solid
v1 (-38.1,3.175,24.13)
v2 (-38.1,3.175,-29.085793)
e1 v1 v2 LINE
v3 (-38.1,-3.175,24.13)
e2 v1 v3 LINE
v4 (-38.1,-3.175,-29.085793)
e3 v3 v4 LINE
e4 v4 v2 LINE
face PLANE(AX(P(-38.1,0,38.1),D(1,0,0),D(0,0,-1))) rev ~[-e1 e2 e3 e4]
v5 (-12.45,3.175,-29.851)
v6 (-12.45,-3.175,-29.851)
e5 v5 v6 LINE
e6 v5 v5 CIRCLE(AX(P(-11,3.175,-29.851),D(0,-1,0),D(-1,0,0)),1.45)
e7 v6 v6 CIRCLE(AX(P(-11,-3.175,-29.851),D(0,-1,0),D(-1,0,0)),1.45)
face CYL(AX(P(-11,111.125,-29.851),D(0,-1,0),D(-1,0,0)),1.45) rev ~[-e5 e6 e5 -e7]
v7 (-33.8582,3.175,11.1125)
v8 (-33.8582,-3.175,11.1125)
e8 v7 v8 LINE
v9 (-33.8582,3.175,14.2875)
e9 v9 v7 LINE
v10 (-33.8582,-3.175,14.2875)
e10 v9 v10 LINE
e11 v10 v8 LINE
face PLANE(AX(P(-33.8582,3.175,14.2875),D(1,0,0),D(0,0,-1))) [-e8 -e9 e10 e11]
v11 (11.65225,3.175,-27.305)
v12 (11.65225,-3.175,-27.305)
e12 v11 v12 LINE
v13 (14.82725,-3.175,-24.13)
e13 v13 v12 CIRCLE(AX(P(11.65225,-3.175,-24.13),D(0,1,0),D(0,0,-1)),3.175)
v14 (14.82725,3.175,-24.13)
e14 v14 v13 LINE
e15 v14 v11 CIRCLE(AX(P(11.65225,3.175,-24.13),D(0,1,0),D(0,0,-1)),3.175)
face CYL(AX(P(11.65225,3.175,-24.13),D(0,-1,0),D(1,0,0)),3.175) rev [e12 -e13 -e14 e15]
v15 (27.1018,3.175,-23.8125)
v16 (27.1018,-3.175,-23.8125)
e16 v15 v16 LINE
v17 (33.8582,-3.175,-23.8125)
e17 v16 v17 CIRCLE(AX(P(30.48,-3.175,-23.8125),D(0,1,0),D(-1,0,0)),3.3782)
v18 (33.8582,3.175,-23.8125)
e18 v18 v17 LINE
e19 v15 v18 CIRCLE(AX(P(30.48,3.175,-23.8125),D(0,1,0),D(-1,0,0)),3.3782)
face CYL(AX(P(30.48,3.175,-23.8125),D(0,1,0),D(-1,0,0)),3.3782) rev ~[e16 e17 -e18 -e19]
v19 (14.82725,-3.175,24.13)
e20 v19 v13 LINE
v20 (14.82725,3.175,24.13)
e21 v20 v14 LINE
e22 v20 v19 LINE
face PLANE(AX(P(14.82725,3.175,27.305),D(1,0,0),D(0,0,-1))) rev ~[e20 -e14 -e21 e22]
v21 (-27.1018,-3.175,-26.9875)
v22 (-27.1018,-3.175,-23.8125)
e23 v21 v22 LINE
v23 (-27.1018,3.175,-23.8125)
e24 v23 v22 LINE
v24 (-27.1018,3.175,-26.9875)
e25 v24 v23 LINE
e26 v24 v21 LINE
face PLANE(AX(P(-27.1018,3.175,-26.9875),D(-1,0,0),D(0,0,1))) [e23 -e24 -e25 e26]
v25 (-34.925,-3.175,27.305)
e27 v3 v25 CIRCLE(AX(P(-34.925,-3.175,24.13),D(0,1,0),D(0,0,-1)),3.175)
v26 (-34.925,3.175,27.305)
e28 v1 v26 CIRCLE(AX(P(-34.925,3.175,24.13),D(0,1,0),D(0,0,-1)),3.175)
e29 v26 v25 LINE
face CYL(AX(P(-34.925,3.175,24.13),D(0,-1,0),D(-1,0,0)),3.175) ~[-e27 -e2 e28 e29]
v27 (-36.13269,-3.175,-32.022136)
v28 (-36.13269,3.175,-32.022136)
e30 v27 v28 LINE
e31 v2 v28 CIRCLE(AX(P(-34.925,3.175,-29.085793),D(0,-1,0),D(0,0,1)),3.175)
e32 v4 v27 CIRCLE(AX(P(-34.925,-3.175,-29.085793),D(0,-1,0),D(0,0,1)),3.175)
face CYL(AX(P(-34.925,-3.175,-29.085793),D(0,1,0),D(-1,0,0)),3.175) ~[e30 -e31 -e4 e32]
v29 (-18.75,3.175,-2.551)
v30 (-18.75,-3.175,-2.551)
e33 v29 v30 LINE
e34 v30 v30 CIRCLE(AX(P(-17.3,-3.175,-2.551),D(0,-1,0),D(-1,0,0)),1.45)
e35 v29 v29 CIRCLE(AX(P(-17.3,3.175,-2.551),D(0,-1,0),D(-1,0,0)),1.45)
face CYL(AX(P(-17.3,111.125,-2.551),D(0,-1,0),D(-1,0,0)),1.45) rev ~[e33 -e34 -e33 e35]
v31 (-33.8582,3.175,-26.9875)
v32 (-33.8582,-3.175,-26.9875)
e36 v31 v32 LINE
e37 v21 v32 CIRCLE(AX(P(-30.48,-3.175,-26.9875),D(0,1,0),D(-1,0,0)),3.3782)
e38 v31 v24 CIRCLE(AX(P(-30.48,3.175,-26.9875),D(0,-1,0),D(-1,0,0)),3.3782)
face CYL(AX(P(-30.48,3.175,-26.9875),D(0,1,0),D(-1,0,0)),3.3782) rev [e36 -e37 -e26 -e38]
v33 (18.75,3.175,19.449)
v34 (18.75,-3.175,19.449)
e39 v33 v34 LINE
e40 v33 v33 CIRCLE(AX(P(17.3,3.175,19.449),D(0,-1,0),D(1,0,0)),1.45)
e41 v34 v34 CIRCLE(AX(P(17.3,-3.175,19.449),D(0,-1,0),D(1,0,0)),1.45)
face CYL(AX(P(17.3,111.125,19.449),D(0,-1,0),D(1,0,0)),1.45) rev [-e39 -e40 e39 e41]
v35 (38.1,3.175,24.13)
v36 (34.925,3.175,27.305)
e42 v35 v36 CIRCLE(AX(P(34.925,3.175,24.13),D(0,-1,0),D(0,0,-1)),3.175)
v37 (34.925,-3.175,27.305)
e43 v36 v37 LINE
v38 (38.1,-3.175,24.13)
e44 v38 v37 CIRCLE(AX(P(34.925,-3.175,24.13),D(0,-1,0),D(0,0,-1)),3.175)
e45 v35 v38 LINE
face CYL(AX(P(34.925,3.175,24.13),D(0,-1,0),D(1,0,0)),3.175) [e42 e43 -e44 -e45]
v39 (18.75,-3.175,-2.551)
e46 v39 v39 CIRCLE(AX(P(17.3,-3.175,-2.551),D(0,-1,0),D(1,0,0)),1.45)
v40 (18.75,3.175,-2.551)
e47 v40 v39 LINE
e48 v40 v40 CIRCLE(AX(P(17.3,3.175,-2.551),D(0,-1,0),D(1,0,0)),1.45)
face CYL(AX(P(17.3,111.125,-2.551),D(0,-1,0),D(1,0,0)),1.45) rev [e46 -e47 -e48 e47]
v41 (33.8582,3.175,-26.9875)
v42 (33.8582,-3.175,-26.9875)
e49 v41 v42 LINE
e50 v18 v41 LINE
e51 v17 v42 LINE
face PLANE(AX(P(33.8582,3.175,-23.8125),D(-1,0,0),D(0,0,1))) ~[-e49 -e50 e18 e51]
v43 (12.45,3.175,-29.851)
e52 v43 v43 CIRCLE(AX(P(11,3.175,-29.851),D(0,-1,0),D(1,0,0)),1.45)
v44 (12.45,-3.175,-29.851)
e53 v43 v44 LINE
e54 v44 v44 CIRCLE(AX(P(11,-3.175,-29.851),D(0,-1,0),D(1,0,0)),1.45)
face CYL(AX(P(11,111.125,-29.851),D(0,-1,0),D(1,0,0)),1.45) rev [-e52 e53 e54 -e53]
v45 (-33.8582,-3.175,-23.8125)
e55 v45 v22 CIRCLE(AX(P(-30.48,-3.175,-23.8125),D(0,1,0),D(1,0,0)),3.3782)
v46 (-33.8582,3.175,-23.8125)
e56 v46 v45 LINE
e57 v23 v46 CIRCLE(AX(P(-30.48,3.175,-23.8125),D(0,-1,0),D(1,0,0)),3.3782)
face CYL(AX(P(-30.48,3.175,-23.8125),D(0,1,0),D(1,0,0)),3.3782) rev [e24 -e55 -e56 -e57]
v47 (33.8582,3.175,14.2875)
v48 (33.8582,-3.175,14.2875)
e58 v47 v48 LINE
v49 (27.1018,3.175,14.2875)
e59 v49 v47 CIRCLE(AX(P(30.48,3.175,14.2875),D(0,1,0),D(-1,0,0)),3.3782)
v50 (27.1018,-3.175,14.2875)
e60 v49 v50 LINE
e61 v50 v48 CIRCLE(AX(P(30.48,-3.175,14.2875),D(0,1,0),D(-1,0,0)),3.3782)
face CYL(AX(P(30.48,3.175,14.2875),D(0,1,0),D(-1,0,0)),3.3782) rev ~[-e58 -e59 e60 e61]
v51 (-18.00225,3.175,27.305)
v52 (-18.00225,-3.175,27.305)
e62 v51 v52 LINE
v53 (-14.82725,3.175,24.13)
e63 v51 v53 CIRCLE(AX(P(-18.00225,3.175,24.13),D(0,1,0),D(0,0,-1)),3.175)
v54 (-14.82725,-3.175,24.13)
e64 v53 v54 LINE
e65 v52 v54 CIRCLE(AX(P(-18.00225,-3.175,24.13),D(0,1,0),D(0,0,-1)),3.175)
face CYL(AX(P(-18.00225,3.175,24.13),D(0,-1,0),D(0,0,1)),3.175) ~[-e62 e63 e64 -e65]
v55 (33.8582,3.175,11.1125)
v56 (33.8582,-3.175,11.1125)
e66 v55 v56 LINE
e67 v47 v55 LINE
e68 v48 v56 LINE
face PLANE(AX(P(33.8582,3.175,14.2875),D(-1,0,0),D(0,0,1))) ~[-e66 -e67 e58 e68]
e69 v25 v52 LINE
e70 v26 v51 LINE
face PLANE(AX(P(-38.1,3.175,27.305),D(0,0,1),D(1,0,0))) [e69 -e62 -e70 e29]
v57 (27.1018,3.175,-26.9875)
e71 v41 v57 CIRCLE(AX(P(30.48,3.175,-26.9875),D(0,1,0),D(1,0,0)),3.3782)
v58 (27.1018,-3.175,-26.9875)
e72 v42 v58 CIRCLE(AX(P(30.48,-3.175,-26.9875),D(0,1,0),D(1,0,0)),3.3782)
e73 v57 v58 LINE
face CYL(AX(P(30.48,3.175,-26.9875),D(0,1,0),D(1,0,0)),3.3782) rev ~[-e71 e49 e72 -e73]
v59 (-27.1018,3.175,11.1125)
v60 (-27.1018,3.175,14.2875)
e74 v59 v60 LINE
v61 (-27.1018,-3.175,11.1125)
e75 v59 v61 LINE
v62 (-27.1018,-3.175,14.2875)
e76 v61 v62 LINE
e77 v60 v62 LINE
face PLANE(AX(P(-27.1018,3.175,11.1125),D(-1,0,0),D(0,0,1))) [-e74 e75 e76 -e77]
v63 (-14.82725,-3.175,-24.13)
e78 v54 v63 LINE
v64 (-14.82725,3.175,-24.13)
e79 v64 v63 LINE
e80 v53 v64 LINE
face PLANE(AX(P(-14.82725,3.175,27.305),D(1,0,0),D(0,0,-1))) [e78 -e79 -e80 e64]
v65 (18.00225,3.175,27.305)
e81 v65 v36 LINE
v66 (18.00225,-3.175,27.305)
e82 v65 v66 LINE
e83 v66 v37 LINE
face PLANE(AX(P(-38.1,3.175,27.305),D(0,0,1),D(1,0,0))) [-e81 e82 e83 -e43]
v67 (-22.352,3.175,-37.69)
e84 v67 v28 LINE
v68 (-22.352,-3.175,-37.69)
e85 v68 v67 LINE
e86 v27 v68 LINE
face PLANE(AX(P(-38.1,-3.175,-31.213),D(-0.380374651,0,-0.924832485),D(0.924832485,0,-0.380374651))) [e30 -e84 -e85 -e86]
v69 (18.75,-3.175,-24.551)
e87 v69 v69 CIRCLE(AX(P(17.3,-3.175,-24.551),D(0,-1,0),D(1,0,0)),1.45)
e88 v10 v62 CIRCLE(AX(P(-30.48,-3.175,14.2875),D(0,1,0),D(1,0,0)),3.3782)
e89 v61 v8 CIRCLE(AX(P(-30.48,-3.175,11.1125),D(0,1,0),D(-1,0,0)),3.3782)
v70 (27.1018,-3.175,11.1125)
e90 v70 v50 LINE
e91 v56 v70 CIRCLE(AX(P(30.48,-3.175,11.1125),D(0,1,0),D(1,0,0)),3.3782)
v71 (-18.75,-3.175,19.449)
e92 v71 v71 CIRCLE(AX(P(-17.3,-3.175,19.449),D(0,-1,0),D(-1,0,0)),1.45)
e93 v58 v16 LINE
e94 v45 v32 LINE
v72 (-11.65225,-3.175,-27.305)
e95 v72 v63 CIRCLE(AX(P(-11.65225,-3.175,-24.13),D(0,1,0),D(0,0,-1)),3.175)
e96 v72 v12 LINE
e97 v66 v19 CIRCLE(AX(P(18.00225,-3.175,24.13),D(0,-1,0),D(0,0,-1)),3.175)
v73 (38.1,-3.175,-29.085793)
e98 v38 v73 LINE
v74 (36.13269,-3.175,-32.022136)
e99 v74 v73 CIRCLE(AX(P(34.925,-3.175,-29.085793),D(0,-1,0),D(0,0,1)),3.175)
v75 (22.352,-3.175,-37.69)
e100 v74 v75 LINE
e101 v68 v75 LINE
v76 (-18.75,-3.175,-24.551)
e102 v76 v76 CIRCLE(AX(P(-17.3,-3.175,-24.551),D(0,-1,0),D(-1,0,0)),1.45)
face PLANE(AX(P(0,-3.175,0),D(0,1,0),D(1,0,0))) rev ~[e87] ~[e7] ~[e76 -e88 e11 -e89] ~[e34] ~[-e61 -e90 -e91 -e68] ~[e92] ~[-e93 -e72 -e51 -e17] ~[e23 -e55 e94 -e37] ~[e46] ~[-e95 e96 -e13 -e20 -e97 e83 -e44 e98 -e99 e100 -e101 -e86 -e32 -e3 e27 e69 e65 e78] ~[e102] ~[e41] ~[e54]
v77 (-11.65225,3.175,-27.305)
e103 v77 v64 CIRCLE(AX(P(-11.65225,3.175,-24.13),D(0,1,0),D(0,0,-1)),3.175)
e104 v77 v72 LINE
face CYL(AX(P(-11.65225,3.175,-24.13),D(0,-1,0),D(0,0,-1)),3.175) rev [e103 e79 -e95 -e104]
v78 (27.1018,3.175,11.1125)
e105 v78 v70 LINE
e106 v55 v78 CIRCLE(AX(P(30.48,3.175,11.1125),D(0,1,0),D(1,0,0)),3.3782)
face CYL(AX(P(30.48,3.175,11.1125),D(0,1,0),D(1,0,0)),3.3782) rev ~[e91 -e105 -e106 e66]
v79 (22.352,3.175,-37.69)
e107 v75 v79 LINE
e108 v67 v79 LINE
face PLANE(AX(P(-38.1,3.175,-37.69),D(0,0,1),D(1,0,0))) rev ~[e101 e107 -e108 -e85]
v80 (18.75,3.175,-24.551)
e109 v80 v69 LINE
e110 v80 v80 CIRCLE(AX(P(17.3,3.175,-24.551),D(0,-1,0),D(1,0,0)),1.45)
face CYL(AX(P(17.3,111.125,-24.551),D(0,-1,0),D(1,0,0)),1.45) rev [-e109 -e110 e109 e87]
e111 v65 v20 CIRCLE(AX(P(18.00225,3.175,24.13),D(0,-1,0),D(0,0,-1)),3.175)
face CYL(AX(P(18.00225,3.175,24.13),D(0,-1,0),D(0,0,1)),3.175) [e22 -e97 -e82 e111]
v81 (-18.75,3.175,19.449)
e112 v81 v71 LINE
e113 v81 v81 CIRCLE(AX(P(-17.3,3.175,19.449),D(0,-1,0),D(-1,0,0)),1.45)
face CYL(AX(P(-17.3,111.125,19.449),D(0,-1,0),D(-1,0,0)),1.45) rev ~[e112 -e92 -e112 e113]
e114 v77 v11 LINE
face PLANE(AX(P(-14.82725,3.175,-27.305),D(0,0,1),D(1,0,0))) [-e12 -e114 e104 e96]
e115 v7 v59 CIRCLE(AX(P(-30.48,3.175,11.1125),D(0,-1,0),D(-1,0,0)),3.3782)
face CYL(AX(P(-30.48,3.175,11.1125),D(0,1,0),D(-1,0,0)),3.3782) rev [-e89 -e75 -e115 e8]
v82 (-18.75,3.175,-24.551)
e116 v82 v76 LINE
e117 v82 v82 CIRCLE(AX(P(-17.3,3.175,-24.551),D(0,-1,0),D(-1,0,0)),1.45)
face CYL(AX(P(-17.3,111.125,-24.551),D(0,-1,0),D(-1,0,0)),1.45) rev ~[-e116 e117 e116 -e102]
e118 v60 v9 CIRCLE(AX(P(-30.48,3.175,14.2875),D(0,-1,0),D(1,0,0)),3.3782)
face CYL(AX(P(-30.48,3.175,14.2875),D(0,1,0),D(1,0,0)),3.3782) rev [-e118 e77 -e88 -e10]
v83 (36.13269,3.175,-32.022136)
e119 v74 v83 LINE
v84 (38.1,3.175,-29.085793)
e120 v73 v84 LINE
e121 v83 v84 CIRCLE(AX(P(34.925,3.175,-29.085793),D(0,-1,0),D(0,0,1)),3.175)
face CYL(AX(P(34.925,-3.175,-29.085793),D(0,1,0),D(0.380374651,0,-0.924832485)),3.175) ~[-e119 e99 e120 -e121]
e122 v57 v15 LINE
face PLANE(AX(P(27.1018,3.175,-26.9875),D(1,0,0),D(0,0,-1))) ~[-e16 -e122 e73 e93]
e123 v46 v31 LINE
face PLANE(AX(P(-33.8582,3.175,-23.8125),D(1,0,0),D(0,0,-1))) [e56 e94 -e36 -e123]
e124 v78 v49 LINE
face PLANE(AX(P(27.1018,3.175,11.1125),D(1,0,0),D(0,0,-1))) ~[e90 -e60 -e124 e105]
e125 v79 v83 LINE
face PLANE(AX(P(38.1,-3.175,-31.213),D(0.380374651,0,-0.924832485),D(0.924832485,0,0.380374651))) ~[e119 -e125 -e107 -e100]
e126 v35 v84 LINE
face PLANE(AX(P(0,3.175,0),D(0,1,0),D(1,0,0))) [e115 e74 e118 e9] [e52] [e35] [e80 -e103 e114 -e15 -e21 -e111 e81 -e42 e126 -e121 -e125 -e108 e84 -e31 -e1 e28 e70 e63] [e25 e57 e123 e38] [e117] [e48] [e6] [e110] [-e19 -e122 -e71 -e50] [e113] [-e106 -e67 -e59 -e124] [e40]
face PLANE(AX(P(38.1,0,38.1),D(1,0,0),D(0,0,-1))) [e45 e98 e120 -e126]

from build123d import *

# Parameters (mm, degrees)
SKETCH1_W              = 76.2
SKETCH1_H              = 76.2
BOSS_EXTRUDE1_DEPTH    = 3.175
SKETCH2_W              = 29.6545
SKETCH2_H              = 54.61
CUT_EXTRUDE1_DEPTH     = 55.254423783
M2_5_CLEARANCE_HOLE1_D = 2.9
CUT_EXTRUDE2_DEPTH     = 55.254423783
SKETCH9_W              = 76.2
SKETCH9_H              = 10.795
SKETCH9_H_2            = 0.41
CUT_EXTRUDE3_DEPTH     = 55.254423783
CUT_EXTRUDE4_DEPTH     = 54.967291946
FILLET1_R              = 3.175


with BuildPart() as part:
    # Sketch1 → Boss-Extrude1 (new, symmetric)
    with BuildSketch(Plane(origin=(0, 0, 0), x_dir=(1, 0, 0), z_dir=(0, 1, 0))):
        Rectangle(SKETCH1_W, SKETCH1_H)
    extrude(amount=BOSS_EXTRUDE1_DEPTH, both=True)

    # Sketch2 → Cut-Extrude1 (cut, through all)
    with BuildSketch(Plane(origin=(0, 3.175, 0), x_dir=(1, 0, 0), z_dir=(0, 1, 0))):
        Rectangle(SKETCH2_W, SKETCH2_H)
    extrude(amount=-CUT_EXTRUDE1_DEPTH, mode=Mode.SUBTRACT)

    # M2.5 Clearance Hole1 (through all)
    with Locations(Plane(origin=(0, 3.175, 0), x_dir=(1, 0, 0), z_dir=(0, 1, 0))):
        with Locations((-17.3, 24.551), (-11, 29.851), (-17.3, 2.551), (-17.3, -19.449)):
            m2_5_clearance_hole1 = Hole(M2_5_CLEARANCE_HOLE1_D / 2)

    # Sketch8 → Cut-Extrude2 (cut, through all)
    with BuildSketch(Plane(origin=(0, 3.175, 0), x_dir=(1, 0, 0), z_dir=(0, 1, 0))):
        with BuildLine():
            Line((-33.8582, -14.2875), (-33.8582, -11.1125))
            ThreePointArc((-33.8582, -11.1125), (-30.48, -7.7343), (-27.1018, -11.1125))
            Line((-27.1018, -11.1125), (-27.1018, -14.2875))
            ThreePointArc((-27.1018, -14.2875), (-30.48, -17.6657), (-33.8582, -14.2875))
        make_face()
        with BuildLine():
            Line((-33.8582, 23.8125), (-33.8582, 26.9875))
            ThreePointArc((-33.8582, 26.9875), (-30.48, 30.3657), (-27.1018, 26.9875))
            Line((-27.1018, 26.9875), (-27.1018, 23.8125))
            ThreePointArc((-27.1018, 23.8125), (-30.48, 20.4343), (-33.8582, 23.8125))
        make_face()
    cut_extrude2 = extrude(amount=-CUT_EXTRUDE2_DEPTH, mode=Mode.SUBTRACT)

    # Mirror1: M2.5 Clearance Hole1, Cut-Extrude2 across plane
    add(m2_5_clearance_hole1.mirror(Plane(origin=(0, 0, 0), x_dir=(0, 0, 1), z_dir=(1, 0, 0))), mode=Mode.SUBTRACT)
    add(cut_extrude2.mirror(Plane(origin=(0, 0, 0), x_dir=(0, 0, 1), z_dir=(1, 0, 0))), mode=Mode.SUBTRACT)

    # Sketch9 → Cut-Extrude3 (cut, through all)
    with BuildSketch(Plane(origin=(0, 3.175, 0), x_dir=(1, 0, 0), z_dir=(0, 1, 0))):
        with Locations((0, -32.7025)):
            Rectangle(SKETCH9_W, SKETCH9_H)
        with Locations((0, 37.895)):
            Rectangle(SKETCH9_W, SKETCH9_H_2)
    extrude(amount=-CUT_EXTRUDE3_DEPTH, mode=Mode.SUBTRACT)

    # Sketch13 → Cut-Extrude4 (cut, through all)
    with BuildSketch(Plane.XZ.offset(3.175)):
        Polygon((-38.1, -31.213), (-22.352, -37.69), (-38.1, -37.69), align=None)
    cut_extrude4 = extrude(amount=-CUT_EXTRUDE4_DEPTH, mode=Mode.SUBTRACT)

    # Mirror3: Cut-Extrude4 across plane
    add(cut_extrude4.mirror(Plane(origin=(0, 0, 0), x_dir=(0, 0, 1), z_dir=(1, 0, 0))), mode=Mode.SUBTRACT)

    # Fillet1
    fillet1_edges = [part.edges().sort_by_distance(p)[0] for p in [
        (-38.1, 0, 27.305),
        (38.1, 0, 27.305),
        (-38.1, 0, -31.213),
        (14.82725, 0, -27.305),
        (38.1, 0, -31.213),
        (14.82725, 0, 27.305),
        (-14.82725, 0, 27.305),
        (-14.82725, 0, -27.305),
    ]]
    fillet(fillet1_edges, radius=FILLET1_R)


solid = part.part
